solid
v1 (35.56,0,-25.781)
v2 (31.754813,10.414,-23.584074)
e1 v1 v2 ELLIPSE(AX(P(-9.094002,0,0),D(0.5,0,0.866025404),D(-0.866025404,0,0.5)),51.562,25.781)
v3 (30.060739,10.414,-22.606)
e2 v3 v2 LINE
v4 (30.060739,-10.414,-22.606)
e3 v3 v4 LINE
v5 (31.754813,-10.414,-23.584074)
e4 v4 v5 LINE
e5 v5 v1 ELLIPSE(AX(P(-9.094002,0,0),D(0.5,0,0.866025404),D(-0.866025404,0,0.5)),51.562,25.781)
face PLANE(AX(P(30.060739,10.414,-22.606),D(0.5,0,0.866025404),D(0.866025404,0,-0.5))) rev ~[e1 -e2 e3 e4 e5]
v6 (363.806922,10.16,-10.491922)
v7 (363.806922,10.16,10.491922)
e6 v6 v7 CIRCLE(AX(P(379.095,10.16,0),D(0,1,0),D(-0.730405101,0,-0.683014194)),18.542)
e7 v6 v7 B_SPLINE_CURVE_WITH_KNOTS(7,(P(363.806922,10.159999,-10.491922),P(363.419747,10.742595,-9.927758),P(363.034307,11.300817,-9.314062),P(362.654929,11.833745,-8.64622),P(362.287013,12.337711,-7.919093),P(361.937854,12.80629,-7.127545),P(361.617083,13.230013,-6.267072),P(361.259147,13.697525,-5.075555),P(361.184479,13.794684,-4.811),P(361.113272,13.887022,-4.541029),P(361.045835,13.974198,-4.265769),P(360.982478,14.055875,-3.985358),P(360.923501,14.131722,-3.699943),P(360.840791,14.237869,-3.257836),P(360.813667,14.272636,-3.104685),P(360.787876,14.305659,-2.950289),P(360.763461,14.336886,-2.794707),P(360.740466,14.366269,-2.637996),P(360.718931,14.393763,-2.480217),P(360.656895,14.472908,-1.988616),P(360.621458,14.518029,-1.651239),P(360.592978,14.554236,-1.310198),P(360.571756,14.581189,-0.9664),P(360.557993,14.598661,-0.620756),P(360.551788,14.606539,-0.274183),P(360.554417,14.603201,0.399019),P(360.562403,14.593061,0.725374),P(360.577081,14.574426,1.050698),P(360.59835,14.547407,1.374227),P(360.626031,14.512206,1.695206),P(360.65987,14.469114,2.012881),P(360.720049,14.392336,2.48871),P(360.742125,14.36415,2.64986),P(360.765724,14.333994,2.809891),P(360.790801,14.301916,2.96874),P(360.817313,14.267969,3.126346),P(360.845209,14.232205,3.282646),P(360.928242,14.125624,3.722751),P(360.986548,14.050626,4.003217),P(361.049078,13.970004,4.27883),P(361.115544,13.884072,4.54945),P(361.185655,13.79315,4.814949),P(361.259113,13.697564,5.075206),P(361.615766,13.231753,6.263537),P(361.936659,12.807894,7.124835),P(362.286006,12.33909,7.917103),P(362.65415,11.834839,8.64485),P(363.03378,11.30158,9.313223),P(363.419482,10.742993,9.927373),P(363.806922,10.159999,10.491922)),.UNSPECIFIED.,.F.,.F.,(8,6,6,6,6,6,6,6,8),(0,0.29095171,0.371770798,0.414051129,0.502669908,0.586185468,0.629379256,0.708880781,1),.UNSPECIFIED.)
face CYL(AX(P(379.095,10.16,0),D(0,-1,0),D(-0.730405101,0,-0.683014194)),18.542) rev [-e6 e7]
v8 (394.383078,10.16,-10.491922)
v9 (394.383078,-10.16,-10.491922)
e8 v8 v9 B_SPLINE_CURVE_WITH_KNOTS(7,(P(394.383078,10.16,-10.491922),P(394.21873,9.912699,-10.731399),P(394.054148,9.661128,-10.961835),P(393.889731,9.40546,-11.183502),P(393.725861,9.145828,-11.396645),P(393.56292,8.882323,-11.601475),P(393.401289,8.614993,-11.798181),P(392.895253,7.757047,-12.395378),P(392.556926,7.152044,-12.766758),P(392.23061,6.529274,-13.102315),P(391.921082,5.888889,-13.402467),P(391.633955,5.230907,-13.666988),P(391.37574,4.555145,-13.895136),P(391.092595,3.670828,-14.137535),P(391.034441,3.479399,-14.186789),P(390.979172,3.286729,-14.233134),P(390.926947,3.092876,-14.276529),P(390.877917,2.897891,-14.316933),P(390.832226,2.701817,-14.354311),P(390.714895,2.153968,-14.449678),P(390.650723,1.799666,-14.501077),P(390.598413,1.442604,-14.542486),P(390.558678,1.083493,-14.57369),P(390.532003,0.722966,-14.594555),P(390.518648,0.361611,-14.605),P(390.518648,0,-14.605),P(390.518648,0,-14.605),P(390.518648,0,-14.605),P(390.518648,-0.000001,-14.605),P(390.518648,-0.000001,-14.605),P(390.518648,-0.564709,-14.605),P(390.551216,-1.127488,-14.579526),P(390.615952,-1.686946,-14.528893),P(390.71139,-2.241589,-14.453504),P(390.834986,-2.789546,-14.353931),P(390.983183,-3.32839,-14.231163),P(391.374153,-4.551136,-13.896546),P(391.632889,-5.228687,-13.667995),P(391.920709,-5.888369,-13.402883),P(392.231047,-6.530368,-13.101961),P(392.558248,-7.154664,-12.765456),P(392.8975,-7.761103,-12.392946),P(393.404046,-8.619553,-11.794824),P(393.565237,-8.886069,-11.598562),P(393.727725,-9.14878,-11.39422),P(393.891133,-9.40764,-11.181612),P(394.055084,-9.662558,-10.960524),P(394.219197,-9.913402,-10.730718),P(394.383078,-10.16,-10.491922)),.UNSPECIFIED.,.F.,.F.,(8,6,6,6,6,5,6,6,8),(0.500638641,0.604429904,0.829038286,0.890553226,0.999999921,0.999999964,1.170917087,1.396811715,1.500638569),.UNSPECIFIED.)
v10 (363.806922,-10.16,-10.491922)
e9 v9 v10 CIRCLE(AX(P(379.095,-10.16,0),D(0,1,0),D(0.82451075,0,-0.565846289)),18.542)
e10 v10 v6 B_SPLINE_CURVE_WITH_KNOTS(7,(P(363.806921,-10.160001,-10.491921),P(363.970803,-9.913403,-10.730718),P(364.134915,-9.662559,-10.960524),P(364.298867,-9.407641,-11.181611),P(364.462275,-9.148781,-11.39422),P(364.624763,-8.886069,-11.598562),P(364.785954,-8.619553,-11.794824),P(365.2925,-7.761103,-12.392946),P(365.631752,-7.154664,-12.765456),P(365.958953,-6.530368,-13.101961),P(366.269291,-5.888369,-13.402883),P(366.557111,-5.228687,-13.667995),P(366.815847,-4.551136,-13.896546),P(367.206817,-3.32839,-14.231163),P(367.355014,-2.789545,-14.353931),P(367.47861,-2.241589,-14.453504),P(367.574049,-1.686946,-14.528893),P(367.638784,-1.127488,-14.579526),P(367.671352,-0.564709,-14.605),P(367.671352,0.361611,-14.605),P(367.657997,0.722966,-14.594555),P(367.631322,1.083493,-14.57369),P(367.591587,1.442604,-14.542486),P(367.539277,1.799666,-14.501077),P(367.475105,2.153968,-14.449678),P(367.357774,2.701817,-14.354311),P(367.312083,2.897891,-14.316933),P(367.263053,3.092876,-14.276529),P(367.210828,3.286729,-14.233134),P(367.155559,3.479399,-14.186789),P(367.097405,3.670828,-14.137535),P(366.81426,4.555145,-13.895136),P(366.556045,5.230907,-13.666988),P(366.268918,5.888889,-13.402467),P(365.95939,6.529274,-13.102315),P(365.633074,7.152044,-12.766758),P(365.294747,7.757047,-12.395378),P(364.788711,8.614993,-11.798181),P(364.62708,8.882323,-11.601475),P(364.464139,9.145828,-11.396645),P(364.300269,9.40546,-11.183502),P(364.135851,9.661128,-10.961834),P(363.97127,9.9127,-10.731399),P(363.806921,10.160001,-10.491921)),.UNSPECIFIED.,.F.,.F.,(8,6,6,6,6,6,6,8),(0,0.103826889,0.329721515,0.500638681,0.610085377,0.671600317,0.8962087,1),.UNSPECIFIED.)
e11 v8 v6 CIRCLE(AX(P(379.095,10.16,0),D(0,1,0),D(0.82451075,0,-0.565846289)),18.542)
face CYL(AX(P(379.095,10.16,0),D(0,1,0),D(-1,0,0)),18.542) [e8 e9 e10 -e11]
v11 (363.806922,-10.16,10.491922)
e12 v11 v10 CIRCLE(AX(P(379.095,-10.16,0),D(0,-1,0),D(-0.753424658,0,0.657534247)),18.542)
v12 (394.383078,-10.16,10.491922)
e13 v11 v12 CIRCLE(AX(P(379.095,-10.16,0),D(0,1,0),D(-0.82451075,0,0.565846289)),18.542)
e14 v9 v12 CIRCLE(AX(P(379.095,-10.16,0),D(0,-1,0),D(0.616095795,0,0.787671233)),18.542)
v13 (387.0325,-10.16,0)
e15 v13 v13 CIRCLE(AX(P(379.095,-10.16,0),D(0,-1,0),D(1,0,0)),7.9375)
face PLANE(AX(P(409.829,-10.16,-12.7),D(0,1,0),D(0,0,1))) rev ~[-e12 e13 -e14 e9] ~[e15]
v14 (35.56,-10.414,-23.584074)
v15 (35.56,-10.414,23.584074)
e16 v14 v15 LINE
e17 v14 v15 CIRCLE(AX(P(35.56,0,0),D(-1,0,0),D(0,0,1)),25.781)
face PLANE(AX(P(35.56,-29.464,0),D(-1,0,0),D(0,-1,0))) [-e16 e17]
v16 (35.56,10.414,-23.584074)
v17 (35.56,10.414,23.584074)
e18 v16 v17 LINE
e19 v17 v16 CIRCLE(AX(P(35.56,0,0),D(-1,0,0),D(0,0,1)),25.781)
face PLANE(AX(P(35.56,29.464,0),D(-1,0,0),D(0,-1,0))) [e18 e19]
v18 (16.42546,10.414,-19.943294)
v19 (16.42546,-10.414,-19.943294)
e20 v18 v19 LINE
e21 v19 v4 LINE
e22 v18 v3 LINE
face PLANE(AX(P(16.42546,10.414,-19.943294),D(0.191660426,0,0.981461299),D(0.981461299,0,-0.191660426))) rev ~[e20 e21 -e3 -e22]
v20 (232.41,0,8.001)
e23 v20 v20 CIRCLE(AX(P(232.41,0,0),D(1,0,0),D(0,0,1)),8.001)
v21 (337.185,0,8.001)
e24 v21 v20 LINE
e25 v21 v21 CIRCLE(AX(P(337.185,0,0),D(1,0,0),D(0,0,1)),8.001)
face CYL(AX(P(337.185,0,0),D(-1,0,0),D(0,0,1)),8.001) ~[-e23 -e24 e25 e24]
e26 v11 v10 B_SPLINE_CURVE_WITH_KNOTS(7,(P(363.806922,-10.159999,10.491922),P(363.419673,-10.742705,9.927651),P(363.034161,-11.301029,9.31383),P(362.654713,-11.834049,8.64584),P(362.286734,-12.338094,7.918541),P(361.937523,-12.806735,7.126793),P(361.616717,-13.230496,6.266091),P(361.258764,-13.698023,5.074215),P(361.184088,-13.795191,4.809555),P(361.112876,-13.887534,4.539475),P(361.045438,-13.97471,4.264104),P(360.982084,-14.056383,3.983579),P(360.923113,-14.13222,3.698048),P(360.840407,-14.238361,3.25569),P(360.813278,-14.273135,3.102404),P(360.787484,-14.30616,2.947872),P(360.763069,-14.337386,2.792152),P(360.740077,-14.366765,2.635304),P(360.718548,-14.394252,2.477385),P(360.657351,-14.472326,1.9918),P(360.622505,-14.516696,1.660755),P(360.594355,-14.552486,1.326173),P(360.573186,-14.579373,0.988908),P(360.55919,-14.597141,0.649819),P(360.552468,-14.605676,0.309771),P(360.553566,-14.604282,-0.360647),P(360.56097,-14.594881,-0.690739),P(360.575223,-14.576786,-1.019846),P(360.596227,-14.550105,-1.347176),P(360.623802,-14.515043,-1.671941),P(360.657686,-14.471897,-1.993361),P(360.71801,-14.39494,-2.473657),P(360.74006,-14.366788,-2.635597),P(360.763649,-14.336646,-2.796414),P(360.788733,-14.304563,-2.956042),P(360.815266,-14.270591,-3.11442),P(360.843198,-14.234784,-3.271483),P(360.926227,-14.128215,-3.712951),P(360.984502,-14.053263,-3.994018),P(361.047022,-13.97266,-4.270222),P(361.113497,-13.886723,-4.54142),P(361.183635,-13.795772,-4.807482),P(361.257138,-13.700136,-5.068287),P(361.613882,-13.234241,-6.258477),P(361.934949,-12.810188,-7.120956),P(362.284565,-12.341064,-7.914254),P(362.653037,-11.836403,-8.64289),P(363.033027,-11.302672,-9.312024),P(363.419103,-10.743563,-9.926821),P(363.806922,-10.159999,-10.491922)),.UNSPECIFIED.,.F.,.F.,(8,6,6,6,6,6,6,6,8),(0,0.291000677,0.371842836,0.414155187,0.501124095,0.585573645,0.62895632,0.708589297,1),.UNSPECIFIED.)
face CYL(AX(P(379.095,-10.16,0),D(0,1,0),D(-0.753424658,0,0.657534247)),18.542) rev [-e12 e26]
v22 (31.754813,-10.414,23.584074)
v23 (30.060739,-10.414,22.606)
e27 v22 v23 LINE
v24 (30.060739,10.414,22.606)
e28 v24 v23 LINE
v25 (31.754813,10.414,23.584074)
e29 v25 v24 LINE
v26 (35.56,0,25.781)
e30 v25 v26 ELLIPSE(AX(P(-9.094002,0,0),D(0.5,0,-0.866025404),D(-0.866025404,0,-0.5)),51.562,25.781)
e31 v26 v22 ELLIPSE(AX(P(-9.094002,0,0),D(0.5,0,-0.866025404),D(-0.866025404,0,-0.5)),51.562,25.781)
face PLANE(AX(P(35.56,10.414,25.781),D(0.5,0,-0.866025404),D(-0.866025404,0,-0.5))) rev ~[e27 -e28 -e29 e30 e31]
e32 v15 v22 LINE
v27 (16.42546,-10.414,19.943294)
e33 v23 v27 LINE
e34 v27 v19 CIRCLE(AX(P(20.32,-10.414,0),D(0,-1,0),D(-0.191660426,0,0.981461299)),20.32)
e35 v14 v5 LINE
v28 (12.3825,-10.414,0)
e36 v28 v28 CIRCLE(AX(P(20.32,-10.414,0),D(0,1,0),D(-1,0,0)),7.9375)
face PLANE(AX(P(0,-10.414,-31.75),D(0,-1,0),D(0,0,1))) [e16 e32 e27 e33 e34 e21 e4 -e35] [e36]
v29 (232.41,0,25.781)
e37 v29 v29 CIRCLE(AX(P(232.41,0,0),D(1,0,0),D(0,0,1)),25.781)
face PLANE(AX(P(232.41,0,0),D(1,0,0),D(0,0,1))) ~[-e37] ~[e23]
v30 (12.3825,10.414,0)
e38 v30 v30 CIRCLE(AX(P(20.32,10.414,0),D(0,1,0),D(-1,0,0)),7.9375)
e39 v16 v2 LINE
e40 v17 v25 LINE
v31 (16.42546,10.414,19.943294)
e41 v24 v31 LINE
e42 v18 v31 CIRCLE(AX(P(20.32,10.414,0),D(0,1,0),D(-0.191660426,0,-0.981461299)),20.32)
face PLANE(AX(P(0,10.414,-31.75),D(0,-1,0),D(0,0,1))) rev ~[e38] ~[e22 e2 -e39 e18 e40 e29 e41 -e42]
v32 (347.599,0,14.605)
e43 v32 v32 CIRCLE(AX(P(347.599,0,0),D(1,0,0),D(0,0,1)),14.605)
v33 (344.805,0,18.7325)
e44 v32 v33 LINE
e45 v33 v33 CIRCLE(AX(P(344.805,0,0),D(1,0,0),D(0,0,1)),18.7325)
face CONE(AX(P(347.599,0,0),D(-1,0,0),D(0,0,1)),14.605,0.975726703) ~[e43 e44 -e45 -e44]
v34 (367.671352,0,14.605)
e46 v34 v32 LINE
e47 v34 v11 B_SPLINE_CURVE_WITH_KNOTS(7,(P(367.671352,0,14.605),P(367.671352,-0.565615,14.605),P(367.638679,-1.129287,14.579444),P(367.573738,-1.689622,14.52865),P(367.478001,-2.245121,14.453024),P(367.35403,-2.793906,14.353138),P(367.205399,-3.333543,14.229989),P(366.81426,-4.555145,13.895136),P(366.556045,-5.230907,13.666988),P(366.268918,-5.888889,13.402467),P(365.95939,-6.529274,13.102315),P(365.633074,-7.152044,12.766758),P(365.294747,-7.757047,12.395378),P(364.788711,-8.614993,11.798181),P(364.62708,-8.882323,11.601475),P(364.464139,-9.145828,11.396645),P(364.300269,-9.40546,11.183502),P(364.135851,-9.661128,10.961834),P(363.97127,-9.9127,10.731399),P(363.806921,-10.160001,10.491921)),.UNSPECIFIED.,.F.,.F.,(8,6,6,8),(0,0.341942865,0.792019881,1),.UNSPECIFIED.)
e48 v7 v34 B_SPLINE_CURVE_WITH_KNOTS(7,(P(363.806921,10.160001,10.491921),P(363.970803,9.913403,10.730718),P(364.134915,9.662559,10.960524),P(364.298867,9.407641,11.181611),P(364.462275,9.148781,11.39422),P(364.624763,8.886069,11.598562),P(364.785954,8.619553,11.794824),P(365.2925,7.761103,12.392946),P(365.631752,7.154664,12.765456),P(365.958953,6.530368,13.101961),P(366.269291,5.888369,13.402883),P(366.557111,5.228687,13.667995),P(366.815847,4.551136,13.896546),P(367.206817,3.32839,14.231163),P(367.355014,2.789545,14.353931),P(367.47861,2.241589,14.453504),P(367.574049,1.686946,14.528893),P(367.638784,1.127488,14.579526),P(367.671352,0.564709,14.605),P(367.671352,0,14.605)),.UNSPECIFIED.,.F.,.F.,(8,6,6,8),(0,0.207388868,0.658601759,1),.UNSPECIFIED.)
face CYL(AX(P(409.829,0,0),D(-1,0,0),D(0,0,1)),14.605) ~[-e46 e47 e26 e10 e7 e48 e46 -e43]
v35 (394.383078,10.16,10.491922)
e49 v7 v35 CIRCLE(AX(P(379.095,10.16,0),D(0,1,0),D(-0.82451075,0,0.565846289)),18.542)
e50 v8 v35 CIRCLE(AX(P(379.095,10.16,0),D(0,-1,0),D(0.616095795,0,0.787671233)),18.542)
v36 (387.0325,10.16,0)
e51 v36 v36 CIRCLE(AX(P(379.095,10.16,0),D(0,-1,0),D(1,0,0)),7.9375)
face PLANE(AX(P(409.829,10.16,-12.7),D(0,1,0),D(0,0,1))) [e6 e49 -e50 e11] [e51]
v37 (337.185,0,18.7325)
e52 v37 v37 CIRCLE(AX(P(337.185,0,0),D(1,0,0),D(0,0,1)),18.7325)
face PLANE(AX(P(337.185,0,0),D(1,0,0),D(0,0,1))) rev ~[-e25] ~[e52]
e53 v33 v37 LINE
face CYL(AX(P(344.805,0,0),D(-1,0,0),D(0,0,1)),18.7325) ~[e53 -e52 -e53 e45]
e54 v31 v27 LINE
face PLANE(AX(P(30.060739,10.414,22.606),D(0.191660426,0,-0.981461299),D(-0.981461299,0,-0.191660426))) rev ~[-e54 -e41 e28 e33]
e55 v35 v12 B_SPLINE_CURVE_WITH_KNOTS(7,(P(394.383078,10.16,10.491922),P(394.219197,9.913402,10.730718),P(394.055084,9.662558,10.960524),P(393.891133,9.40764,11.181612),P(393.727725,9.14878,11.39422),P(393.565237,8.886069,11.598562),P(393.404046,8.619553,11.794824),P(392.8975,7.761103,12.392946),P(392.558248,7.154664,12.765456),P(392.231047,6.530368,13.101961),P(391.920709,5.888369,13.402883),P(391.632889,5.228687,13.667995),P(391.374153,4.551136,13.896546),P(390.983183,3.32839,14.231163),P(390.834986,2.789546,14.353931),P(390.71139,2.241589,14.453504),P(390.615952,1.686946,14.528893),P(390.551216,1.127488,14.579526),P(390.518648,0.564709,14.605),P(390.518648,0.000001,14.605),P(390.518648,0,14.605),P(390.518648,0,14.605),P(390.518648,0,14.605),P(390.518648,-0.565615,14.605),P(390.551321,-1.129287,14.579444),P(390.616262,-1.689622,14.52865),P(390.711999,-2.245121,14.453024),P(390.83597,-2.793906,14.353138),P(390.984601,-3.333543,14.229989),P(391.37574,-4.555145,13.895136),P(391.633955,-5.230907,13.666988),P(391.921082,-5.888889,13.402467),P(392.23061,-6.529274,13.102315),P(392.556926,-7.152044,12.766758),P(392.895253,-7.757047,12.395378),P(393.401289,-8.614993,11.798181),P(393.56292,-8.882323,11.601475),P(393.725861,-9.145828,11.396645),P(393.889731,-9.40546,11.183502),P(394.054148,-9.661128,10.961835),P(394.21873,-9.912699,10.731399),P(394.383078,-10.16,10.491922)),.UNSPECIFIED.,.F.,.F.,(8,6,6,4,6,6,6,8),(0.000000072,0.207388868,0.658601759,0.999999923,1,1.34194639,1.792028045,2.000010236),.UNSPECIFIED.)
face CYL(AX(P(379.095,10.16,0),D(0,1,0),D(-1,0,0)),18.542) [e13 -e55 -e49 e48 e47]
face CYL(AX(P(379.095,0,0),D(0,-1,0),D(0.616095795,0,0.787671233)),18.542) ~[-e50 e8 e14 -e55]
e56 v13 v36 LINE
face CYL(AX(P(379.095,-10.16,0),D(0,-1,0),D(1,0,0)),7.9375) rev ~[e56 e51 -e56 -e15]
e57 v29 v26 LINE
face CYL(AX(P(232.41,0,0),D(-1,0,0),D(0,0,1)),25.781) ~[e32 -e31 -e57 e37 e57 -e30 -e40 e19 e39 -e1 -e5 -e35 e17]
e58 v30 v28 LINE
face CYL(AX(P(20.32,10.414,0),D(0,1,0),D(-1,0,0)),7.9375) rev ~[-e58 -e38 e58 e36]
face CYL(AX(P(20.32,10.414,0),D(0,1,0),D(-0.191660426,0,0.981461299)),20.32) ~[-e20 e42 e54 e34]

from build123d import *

# Parameters (mm, degrees)
F2_W      = 38.1
F2_H      = 63.5
F3_DEPTH  = 35.56
F4_R      = 7.9375
F5_DEPTH  = 20.828
F6_W      = 25.4
F6_H      = 25.4
F7_DEPTH  = 44.704
F8_R      = 18.542
F9_DEPTH  = 20.32
F11_DEPTH = 12.7
F13_DEPTH = 25.4
F15_DEPTH = 25.4
F16_R     = 7.9375
F17_DEPTH = 35.942


with BuildPart() as f1:
    # F0 (on Front) → F1 (revolve)
    with BuildSketch(Plane.XZ):
        Polygon((232.41, 25.781), (0, 25.781), (0, 0), (409.829, 0), (409.829, 14.605), (347.599, 14.605), (344.805, 18.7325), (337.185, 18.7325), (337.185, 8.001), (232.41, 8.001), align=None)
    revolve(axis=Axis((144.6166912608, 0, 0), (1, 0, 0)))

    # F2 (on face) → F3 (cut)
    with BuildSketch(Plane(origin=(0, 0, 0), x_dir=(0, -1, 0), z_dir=(-1, 0, 0))):
        with Locations((29.464, 0)):
            Rectangle(F2_W, F2_H)
        with Locations((-29.464, 0)):
            Rectangle(F2_W, F2_H)
    extrude(amount=-F3_DEPTH, mode=Mode.SUBTRACT)

    # F4 (on face) → F5 (cut, through all)
    with BuildSketch(Plane(origin=(0, 10.414, 0), x_dir=(-1, 0, 0), z_dir=(0, 1, 0))):
        with BuildLine():
            Line((10.16, 25.781), (-35.56, 25.781))
            Line((-35.56, 25.781), (-30.060738686, 22.606))
            Line((-30.060738686, 22.606), (-16.4254601504, 19.9432935936))
            ThreePointArc((-16.4254601504, 19.9432935936), (0, 0), (-16.4254601504, -19.9432935936))
            Line((-16.4254601504, -19.9432935936), (-30.060738686, -22.606))
            Line((-30.060738686, -22.606), (-35.56, -25.781))
            Line((-35.56, -25.781), (10.16, -25.781))
            Line((10.16, -25.781), (10.16, 25.781))
        make_face()
        with Locations((-20.32, 0)):
            Circle(F4_R)
    extrude(amount=-F5_DEPTH, mode=Mode.SUBTRACT)

    # F6 (on face) → F7 (cut)
    with BuildSketch(Plane.YZ.offset(409.829)):
        with Locations((22.86, 0)):
            Rectangle(F6_W, F6_H)
        with Locations((-22.86, 0)):
            Rectangle(F6_W, F6_H)
    extrude(amount=-F7_DEPTH, mode=Mode.SUBTRACT)

    # F8 (on face) → F9 (join, through all)
    with BuildSketch(Plane(origin=(0, 10.16, 0), x_dir=(-1, 0, 0), z_dir=(0, 1, 0))):
        with Locations((-379.095, 0)):
            Circle(F8_R)
    extrude(amount=-F9_DEPTH)

    # F10 (on Front) → F11 (cut, symmetric)
    with BuildSketch(Plane.XZ):
        with BuildLine():
            Line((409.829, 14.605), (390.5186482351, 14.605))
            ThreePointArc((390.5186482351, 14.605), (397.637, 0), (390.5186482351, -14.605))
            Line((390.5186482351, -14.605), (409.829, -14.605))
            Line((409.829, -14.605), (409.829, 14.605))
        make_face()
    extrude(amount=F11_DEPTH, both=True, mode=Mode.SUBTRACT)

    # F12 (on face) → F13 (cut)
    with BuildSketch(Plane(origin=(0, 10.16, 0), x_dir=(-1, 0, 0), z_dir=(0, 1, 0))):
        with BuildLine():
            ThreePointArc((-365.5518286226, -12.6644491804), (-360.553, 0), (-365.5518286226, 12.6644491804))
            Line((-365.5518286226, 12.6644491804), (-365.5518286226, -12.6644491804))
        make_face()
    extrude(amount=F13_DEPTH, mode=Mode.SUBTRACT)

    # F14 (on face) → F15 (cut)
    with BuildSketch(Plane.XZ.offset(10.16)):
        with BuildLine():
            Line((365.125, -12.192), (365.125, 12.192))
            ThreePointArc((365.125, 12.192), (360.553, 0), (365.125, -12.192))
        make_face()
    extrude(amount=F15_DEPTH, mode=Mode.SUBTRACT)

    # F16 (on face) → F17 (cut, through all)
    with BuildSketch(Plane.XZ.offset(10.16)):
        with Locations((379.095, 0)):
            Circle(F16_R)
    extrude(amount=-F17_DEPTH, mode=Mode.SUBTRACT)


solid = f1.part
